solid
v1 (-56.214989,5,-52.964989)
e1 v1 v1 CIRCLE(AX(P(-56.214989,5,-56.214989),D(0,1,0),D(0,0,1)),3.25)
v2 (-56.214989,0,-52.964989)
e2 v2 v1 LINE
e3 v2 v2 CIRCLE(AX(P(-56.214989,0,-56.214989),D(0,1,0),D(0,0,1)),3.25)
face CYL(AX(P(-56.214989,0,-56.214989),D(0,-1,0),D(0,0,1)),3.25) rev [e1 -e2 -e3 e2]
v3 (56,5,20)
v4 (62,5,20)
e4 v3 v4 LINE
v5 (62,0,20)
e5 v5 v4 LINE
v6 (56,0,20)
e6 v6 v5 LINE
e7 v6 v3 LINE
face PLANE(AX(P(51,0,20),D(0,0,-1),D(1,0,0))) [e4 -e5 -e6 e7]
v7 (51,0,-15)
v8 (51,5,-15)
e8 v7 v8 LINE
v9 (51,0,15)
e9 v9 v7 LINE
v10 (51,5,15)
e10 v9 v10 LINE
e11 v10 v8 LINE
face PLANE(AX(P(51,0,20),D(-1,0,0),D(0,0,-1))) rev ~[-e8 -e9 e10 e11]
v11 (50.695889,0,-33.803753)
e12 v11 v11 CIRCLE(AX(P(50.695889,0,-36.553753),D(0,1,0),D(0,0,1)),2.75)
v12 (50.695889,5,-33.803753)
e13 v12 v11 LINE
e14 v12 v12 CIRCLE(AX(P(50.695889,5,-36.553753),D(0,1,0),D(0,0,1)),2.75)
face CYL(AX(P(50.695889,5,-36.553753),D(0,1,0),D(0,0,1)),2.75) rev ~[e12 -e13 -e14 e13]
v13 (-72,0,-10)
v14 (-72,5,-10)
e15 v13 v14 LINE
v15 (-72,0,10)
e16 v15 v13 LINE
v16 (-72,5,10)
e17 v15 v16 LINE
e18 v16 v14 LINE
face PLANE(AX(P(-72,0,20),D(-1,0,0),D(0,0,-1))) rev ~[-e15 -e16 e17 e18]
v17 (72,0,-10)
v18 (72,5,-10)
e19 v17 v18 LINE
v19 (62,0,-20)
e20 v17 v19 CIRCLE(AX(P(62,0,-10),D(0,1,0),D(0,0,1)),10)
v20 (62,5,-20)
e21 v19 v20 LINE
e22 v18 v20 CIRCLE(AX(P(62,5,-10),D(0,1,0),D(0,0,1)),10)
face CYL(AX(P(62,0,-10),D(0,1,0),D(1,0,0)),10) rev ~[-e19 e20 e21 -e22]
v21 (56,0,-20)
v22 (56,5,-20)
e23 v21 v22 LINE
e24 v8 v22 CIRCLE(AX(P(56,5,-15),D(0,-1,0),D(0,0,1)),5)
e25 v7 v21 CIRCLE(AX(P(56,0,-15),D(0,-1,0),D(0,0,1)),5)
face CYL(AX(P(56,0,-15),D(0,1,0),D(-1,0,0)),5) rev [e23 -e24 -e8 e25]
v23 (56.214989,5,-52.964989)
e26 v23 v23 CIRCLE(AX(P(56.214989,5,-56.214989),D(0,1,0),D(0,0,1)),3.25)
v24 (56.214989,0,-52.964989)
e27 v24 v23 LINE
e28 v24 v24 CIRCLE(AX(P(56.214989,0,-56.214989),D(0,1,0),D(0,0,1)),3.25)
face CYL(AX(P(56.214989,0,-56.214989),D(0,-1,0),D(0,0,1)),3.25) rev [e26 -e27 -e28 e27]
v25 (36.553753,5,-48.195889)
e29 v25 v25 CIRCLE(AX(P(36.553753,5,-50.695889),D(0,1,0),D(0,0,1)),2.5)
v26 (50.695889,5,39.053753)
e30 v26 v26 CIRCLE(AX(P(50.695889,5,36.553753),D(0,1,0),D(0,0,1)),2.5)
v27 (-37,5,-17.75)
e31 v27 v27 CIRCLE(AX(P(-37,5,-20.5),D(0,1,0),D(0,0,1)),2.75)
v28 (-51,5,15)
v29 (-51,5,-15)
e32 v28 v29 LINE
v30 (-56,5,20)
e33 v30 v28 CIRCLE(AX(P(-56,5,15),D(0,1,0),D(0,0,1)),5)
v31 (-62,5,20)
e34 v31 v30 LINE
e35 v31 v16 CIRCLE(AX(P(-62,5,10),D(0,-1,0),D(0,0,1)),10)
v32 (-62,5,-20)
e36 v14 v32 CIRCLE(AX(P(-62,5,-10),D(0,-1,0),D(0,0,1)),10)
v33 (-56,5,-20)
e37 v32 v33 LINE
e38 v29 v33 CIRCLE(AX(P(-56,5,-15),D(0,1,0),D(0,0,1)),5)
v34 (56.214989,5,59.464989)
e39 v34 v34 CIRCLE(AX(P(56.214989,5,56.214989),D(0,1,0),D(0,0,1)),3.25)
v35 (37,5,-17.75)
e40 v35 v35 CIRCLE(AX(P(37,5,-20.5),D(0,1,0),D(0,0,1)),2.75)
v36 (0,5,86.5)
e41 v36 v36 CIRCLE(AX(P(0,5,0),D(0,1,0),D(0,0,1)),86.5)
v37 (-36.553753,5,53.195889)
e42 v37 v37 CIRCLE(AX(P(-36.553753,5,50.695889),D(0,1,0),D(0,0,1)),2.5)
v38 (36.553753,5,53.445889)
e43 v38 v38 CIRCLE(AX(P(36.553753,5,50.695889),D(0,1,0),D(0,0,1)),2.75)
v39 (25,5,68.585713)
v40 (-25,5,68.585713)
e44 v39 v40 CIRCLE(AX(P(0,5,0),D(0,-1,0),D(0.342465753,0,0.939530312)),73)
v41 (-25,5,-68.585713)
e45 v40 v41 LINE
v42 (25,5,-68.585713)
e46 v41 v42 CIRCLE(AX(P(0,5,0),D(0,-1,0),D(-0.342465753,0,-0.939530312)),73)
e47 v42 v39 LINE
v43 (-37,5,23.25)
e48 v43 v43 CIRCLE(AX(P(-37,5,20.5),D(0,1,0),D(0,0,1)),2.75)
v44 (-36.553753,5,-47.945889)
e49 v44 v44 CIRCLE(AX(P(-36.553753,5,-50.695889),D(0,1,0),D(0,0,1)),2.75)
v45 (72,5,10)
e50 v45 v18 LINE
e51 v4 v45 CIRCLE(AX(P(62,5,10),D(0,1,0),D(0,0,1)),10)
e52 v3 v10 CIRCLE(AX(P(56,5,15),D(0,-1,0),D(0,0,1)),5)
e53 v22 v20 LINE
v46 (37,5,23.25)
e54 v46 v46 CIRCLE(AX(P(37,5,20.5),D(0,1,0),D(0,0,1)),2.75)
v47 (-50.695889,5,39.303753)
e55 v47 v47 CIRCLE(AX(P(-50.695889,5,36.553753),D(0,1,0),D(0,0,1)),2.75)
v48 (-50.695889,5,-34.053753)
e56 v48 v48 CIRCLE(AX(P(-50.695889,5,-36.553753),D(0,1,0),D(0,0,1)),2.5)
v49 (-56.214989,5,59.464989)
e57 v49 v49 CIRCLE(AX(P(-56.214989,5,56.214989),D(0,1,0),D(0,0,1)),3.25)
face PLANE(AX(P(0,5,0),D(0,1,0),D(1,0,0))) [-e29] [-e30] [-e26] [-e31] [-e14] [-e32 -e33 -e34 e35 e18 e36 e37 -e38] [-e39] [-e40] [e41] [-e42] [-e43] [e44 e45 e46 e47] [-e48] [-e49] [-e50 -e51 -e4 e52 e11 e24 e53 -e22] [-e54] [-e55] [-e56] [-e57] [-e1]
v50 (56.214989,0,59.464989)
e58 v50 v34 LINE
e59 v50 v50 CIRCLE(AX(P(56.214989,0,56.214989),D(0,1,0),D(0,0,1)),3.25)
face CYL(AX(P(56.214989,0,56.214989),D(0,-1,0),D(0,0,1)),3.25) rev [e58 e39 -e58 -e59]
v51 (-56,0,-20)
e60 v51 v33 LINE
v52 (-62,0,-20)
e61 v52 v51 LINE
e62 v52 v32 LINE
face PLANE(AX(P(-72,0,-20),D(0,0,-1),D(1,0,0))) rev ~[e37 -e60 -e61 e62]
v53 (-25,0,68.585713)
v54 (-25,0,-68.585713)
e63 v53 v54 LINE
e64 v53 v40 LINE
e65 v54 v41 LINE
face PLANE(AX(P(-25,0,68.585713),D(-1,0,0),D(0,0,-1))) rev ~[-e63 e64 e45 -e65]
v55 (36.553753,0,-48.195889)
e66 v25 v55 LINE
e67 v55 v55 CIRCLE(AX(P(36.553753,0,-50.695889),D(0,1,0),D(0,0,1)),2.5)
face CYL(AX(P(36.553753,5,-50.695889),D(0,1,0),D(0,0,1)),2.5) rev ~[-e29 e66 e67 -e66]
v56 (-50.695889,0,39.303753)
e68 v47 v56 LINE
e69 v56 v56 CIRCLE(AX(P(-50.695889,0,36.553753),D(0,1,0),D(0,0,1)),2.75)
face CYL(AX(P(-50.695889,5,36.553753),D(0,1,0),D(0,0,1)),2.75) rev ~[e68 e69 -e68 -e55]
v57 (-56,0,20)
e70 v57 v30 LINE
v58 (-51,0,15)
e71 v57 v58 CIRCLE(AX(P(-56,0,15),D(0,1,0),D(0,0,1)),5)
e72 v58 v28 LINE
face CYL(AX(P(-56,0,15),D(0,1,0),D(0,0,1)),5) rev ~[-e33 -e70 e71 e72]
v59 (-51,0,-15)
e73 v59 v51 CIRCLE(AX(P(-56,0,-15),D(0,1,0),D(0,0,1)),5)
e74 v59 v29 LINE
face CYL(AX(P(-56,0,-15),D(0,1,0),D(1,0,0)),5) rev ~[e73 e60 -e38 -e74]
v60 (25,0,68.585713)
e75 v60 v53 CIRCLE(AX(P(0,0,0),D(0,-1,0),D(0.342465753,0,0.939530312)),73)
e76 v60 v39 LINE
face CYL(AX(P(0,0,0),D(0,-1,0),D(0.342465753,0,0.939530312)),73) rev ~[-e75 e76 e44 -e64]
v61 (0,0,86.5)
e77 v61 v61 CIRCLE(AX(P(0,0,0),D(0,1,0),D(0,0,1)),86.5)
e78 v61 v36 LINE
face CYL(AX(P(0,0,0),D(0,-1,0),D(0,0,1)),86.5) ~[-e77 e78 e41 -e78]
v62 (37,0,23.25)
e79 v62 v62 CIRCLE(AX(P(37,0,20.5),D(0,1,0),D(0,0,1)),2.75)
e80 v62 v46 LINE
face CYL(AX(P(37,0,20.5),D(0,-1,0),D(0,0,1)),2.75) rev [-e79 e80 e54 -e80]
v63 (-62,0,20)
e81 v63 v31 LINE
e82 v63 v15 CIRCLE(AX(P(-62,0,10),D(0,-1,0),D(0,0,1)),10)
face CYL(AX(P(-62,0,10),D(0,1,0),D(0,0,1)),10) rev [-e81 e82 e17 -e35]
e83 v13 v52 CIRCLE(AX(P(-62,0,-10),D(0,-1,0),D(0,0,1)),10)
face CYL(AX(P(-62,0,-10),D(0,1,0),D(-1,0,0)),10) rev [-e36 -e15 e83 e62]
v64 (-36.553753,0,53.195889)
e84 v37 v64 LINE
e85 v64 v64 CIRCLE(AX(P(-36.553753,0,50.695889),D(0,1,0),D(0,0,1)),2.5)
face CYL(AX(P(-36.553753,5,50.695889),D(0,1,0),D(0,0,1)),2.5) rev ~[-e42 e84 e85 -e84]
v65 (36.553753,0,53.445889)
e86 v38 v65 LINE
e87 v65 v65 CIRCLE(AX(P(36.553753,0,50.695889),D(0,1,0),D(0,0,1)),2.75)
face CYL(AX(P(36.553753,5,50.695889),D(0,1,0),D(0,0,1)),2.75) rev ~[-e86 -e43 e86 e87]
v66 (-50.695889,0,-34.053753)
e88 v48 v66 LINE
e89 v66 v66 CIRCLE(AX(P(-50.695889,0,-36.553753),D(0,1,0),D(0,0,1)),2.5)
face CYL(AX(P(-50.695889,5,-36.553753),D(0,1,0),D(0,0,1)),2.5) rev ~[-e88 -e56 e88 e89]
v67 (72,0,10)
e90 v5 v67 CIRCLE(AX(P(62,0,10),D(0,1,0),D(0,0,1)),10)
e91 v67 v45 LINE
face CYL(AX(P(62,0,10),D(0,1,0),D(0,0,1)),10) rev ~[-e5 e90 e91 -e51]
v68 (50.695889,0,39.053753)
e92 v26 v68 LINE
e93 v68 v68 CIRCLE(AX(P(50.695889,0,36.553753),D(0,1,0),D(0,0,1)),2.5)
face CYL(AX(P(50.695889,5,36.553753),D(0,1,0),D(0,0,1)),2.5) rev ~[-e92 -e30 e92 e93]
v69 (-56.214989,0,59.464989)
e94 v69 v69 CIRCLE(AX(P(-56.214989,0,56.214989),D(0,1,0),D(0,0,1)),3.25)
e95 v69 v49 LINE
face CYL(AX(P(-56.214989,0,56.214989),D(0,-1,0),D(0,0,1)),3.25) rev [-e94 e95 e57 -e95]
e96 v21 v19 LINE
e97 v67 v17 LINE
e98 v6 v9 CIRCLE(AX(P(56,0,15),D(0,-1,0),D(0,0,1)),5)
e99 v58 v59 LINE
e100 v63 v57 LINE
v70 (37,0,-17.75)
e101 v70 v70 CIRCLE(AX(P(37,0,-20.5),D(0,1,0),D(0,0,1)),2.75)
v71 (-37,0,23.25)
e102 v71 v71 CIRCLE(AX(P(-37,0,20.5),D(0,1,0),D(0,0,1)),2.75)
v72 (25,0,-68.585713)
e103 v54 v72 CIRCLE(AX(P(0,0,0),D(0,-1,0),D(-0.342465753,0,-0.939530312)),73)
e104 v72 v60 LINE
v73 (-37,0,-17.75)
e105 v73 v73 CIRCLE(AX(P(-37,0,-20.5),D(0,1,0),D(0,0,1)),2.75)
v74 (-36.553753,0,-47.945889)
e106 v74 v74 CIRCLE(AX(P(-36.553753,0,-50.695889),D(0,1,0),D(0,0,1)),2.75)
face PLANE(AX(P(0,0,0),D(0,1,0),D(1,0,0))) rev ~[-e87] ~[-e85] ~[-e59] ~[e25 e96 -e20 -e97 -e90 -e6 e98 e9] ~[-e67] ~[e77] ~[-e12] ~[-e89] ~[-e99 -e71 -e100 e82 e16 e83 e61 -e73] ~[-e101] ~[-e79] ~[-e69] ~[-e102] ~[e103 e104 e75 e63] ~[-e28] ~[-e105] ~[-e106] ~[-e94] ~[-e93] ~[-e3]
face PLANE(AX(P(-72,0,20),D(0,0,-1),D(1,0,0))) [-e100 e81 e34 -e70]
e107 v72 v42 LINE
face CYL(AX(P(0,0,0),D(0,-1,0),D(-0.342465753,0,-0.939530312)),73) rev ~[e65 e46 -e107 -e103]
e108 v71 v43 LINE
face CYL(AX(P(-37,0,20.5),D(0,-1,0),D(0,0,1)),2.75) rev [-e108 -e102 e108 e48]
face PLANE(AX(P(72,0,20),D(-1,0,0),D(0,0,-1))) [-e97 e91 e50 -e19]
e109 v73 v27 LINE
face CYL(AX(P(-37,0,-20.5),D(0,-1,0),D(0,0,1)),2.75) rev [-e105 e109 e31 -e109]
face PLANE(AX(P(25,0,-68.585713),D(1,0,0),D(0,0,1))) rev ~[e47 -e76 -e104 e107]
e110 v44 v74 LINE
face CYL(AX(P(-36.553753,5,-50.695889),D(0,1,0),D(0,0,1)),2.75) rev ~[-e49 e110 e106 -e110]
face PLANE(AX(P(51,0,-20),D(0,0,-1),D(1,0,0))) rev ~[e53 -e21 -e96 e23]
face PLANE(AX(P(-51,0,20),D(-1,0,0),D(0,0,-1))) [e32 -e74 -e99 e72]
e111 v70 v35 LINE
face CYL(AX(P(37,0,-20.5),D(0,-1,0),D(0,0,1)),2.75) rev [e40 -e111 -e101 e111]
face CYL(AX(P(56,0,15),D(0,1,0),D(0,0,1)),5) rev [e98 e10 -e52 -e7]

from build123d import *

# Parameters (mm, degrees)
SKETCH1_R           = 3.25
SKETCH1_R_2         = 2.75
SKETCH1_W           = 21
SKETCH1_H           = 40
BOSS_EXTRUDE1_DEPTH = 5
FILLET1_R           = 10
FILLET3_R           = 5
SKETCH3_R           = 2.75
SKETCH3_R_2         = 2.5
CUT_EXTRUDE1_DEPTH  = 10


with BuildPart() as part:
    # Sketch1 → Boss-Extrude1 (new body)
    with BuildSketch(Plane(origin=(0, 0, 0), x_dir=(1, 0, 0), z_dir=(0, 1, 0))):
        with BuildLine():
            ThreePointArc((0, 86.5), (-86.5, 0), (0, -86.5))
            ThreePointArc((0, -86.5), (86.5, 0), (0, 86.5))
        make_face()
        with Locations(Location((-56.214989104, -56.214989104, 0), (0, 0, 270))):
            Circle(SKETCH1_R, mode=Mode.SUBTRACT)
        with Locations(Location((-37, -20.5, 0), (0, 0, 270))):
            Circle(SKETCH1_R_2, mode=Mode.SUBTRACT)
        with Locations(Location((56.214989104, -56.214989104, 0), (0, 0, 270))):
            Circle(SKETCH1_R, mode=Mode.SUBTRACT)
        with Locations(Location((37, -20.5, 0), (0, 0, 270))):
            Circle(SKETCH1_R_2, mode=Mode.SUBTRACT)
        with Locations((-61.5, 0)):
            Rectangle(SKETCH1_W, SKETCH1_H, mode=Mode.SUBTRACT)
        with Locations(Location((-37, 20.5, 0), (0, 0, 270))):
            Circle(SKETCH1_R_2, mode=Mode.SUBTRACT)
        with Locations(Location((-56.214989104, 56.214989104, 0), (0, 0, 270))):
            Circle(SKETCH1_R, mode=Mode.SUBTRACT)
        with BuildLine():
            ThreePointArc((-25, 68.585712798), (0, 73), (25, 68.585712798))
            Line((25, 68.585712798), (25, 20))
            Line((25, 20), (25, -20))
            Line((25, -20), (25, -68.585712798))
            ThreePointArc((25, -68.585712798), (0, -73), (-25, -68.585712798))
            Line((-25, -68.585712798), (-25, -20))
            Line((-25, -20), (-25, 20))
            Line((-25, 20), (-25, 68.585712798))
        make_face(mode=Mode.SUBTRACT)
        with Locations(Location((37, 20.5, 0), (0, 0, 270))):
            Circle(SKETCH1_R_2, mode=Mode.SUBTRACT)
        with Locations((61.5, 0)):
            Rectangle(SKETCH1_W, SKETCH1_H, mode=Mode.SUBTRACT)
        with Locations(Location((56.214989104, 56.214989104, 0), (0, 0, 270))):
            Circle(SKETCH1_R, mode=Mode.SUBTRACT)
    extrude(amount=BOSS_EXTRUDE1_DEPTH)

    # Fillet1
    fillet1_edges = [part.edges().sort_by_distance(p)[0] for p in [
        (72, 2.5, 20),
        (72, 2.5, -20),
        (-72, 2.5, -20),
        (-72, 2.5, 20),
    ]]
    fillet(fillet1_edges, radius=FILLET1_R)

    # Fillet3
    fillet3_edges = [part.edges().sort_by_distance(p)[0] for p in [
        (51, 2.5, -20),
        (51, 2.5, 20),
        (-51, 2.5, -20),
        (-51, 2.5, 20),
    ]]
    fillet(fillet3_edges, radius=FILLET3_R)

    # Sketch3 → Cut-Extrude1 (cut)
    with BuildSketch(Plane(origin=(0, 5, 0), x_dir=(1, 0, 0), z_dir=(0, 1, 0))):
        with Locations(Location((-50.695888728, -36.553753105, 0), (0, 0, 270))):
            Circle(SKETCH3_R)
        with Locations(Location((-36.553753105, -50.695888728, 0), (0, 0, 270))):
            Circle(SKETCH3_R_2)
        with Locations(Location((-36.553753105, 50.695888728, 0), (0, 0, 270))):
            Circle(SKETCH3_R)
        with Locations(Location((-50.695888728, 36.553753105, 0), (0, 0, 270))):
            Circle(SKETCH3_R_2)
        with Locations(Location((50.695888728, 36.553753105, 0), (0, 0, 270))):
            Circle(SKETCH3_R)
        with Locations(Location((36.553753105, 50.695888728, 0), (0, 0, 270))):
            Circle(SKETCH3_R_2)
        with Locations(Location((36.553753105, -50.695888728, 0), (0, 0, 270))):
            Circle(SKETCH3_R)
        with Locations(Location((50.695888728, -36.553753105, 0), (0, 0, 270))):
            Circle(SKETCH3_R_2)
    extrude(amount=-CUT_EXTRUDE1_DEPTH, mode=Mode.SUBTRACT)


solid = part.part
